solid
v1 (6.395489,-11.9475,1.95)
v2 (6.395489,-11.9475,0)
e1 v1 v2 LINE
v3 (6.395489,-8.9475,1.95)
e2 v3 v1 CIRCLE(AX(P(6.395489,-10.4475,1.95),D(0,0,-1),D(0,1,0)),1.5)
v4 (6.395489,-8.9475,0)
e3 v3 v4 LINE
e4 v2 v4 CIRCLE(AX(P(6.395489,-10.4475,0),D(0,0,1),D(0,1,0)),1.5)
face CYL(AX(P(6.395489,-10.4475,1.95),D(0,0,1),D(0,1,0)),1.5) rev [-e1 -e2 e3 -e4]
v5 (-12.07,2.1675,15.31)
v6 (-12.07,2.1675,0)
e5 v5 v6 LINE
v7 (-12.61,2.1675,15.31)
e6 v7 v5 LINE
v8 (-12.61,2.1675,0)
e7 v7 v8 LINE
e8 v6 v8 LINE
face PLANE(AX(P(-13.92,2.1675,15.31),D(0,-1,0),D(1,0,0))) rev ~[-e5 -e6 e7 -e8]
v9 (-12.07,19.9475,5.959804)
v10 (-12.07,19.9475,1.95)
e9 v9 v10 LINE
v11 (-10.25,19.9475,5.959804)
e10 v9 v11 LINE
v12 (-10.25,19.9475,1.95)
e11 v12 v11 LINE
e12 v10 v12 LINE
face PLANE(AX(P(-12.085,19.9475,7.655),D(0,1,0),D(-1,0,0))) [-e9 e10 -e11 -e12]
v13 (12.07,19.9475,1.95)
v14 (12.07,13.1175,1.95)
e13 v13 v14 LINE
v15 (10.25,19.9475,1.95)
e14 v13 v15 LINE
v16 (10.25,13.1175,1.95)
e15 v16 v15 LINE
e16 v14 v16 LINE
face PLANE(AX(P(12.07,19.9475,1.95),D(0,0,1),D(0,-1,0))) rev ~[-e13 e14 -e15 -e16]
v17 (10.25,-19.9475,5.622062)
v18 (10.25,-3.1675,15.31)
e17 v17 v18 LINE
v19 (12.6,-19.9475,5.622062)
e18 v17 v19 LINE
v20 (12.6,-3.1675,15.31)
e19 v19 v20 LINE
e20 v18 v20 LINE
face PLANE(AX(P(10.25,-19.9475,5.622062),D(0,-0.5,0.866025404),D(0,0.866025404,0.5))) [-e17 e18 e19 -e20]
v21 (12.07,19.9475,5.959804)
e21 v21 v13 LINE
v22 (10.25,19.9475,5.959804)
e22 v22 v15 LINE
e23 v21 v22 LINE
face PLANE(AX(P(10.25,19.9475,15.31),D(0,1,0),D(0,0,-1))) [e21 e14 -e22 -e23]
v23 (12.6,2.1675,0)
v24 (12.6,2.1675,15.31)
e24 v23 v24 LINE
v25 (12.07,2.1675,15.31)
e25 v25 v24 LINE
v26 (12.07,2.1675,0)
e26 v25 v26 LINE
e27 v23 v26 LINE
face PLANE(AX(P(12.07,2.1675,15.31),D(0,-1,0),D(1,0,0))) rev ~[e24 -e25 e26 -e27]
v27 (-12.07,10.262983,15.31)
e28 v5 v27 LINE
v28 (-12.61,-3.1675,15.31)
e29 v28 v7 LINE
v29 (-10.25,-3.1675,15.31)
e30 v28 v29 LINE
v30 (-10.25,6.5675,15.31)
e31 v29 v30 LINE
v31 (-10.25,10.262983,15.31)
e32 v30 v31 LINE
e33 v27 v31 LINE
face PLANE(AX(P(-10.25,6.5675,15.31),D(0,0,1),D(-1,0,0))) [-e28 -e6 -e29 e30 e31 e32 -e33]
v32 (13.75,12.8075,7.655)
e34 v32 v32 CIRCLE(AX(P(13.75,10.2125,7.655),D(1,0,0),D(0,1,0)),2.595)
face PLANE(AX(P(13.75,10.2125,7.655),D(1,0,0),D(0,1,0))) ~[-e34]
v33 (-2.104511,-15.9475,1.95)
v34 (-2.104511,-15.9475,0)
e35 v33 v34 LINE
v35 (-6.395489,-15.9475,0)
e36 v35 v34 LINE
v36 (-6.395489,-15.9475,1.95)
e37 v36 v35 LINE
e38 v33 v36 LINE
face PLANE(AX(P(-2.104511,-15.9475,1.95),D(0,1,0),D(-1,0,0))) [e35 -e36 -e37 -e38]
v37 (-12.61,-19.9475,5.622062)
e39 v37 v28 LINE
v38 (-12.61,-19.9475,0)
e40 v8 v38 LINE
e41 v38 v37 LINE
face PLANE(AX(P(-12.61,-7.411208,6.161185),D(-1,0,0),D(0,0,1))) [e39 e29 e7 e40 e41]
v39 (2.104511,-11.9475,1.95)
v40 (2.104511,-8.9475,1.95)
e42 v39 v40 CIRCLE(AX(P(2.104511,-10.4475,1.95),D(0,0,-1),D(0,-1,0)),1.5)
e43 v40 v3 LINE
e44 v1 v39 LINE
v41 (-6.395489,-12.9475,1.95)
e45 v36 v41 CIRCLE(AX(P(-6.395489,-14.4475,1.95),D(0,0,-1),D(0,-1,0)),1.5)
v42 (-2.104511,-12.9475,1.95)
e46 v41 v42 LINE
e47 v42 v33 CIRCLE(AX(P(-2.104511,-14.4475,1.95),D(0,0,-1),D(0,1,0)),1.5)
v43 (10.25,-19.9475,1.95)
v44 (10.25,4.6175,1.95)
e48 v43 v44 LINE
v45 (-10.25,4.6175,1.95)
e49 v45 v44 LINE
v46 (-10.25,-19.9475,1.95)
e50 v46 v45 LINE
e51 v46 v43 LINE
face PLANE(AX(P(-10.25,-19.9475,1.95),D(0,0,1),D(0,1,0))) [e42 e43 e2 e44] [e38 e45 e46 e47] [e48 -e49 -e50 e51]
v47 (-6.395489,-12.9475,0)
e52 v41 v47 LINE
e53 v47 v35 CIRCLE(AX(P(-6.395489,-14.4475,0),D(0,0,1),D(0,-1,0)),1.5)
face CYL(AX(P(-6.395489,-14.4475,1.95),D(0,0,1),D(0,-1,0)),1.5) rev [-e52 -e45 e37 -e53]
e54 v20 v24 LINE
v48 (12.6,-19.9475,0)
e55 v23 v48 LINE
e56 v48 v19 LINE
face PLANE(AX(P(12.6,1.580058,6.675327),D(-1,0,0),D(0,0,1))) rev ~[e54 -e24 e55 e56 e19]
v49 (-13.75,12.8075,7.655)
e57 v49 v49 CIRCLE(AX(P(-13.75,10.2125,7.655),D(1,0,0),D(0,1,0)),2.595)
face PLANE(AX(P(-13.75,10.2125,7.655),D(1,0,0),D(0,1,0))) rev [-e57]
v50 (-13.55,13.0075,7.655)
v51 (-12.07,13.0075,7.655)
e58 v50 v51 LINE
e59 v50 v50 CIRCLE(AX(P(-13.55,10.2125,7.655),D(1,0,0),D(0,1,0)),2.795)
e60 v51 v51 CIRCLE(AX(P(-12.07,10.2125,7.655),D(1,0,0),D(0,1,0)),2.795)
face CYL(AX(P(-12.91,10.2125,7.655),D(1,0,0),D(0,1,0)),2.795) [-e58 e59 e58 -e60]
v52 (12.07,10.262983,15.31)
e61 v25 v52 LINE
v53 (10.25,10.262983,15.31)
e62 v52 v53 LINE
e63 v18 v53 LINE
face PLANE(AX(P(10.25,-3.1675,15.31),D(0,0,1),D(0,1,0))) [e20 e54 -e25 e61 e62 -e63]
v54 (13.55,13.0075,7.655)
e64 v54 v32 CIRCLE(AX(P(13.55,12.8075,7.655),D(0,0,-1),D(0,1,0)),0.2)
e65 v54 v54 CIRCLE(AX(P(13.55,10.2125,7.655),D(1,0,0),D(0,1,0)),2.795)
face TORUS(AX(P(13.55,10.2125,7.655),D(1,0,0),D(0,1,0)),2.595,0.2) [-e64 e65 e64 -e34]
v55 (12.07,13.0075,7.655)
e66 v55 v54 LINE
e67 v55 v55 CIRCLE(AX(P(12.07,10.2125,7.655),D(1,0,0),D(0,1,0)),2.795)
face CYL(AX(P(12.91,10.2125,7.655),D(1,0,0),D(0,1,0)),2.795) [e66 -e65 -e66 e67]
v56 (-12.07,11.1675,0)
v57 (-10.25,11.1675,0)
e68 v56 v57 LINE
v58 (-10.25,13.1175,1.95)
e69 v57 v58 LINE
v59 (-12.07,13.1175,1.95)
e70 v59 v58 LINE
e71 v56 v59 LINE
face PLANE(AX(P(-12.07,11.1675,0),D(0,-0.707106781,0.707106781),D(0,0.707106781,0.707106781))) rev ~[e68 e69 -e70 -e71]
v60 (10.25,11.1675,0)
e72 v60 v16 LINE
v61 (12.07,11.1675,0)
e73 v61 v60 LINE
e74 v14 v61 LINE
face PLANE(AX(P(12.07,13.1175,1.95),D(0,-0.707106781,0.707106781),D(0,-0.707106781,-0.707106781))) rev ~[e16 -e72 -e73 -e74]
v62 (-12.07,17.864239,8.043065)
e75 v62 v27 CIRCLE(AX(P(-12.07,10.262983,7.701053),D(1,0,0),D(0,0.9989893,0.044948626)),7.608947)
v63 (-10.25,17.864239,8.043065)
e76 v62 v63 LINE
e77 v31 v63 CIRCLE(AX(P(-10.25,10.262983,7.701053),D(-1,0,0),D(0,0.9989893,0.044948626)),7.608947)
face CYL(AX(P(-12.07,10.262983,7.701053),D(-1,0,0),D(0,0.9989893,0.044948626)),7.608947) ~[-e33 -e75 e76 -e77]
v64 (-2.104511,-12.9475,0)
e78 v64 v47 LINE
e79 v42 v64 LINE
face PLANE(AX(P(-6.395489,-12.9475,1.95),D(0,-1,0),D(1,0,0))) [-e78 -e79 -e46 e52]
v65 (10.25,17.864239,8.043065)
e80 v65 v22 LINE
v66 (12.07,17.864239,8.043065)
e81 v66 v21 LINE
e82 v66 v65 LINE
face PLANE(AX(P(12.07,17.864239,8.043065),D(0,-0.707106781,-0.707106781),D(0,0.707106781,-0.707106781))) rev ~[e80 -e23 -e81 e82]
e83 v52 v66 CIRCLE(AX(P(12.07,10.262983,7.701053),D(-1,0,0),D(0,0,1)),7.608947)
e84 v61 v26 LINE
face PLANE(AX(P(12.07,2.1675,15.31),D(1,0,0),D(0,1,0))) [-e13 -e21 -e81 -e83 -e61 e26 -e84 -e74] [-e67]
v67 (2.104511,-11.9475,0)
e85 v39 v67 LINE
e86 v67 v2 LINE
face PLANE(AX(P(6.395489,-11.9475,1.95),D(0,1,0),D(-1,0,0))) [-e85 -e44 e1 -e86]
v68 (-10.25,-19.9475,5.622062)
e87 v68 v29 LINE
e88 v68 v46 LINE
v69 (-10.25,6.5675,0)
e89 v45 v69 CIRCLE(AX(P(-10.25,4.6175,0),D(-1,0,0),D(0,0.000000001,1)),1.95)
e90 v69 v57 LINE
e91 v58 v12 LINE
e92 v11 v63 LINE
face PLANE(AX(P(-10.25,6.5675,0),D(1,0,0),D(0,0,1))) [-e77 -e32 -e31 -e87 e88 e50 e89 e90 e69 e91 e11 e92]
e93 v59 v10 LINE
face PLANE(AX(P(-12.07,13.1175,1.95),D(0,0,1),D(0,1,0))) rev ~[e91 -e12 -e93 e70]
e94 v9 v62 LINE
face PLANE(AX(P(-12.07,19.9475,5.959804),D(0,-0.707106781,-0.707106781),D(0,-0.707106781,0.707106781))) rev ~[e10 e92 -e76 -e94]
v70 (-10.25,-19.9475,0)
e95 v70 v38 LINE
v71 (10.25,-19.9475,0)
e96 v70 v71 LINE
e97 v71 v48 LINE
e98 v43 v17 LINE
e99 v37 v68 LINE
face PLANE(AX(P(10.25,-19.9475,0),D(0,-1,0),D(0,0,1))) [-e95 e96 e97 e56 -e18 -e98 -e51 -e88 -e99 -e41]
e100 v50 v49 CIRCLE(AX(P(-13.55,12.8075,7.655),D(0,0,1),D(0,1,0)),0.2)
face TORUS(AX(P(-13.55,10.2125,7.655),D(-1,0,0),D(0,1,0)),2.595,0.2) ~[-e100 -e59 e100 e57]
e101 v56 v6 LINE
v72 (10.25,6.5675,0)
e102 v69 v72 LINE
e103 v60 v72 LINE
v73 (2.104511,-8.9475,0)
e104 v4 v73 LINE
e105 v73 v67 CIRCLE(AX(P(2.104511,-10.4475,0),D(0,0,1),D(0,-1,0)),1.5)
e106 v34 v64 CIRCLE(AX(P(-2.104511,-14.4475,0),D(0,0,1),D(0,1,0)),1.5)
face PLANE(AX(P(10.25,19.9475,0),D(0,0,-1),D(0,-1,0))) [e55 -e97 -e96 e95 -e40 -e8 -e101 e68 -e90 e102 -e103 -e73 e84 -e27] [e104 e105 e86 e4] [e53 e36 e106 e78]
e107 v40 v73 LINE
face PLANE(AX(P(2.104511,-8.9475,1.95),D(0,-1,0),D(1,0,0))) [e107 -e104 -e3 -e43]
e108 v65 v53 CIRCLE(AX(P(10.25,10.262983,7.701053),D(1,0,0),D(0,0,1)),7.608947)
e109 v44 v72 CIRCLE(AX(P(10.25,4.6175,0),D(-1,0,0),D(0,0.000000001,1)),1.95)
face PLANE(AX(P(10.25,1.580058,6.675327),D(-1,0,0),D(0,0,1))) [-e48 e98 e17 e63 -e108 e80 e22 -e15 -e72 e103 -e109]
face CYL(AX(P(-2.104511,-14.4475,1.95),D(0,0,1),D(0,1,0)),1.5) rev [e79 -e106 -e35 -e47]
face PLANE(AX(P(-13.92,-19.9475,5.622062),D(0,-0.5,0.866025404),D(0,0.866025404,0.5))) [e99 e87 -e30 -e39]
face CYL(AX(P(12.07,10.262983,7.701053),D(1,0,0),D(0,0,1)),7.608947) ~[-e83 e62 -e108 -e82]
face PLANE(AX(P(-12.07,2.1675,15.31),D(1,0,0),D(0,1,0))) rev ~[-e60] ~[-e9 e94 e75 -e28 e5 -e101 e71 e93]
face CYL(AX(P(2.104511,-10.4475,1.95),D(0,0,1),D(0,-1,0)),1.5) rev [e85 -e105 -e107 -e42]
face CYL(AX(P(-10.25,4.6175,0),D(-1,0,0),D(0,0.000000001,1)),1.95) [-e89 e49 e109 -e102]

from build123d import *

# Parameters (mm, degrees)
BOSS_EXTRUDE1_DEPTH = 3.67
SKETCH2_W           = 3.67
SKETCH2_H           = 9.687937517
BOSS_EXTRUDE2_DEPTH = 9.735
SKETCH3_W           = 3.67
SKETCH3_H           = 26.515
BOSS_EXTRUDE3_DEPTH = 5.622062483
BOSS_EXTRUDE4_DEPTH = 20.5
SKETCH5_W           = 3.67
SKETCH5_H           = 15.31
BOSS_EXTRUDE5_DEPTH = 13.38
BOSS_EXTRUDE6_DEPTH = 2.35
SKETCH7_W           = 1.85
SKETCH7_H           = 17.78
CUT_EXTRUDE1_DEPTH  = 16.310000003
CUT_EXTRUDE2_REACH  = 27.99
SKETCH9_W           = 1.85
SKETCH9_H           = 17.78
CUT_EXTRUDE3_DEPTH  = 16.310000003
CUT_EXTRUDE4_REACH  = 26.67
CUT_EXTRUDE5_REACH  = 26.67
CUT_EXTRUDE6_DEPTH  = 26.99
CUT_EXTRUDE7_DEPTH  = 2.95
SKETCH15_W          = 1.68
SKETCH15_H          = 2.795
SKETCH16_W          = 1.68
SKETCH16_H          = 2.795
FILLET1_R           = 0.2
CUT_EXTRUDE8_DEPTH  = 1.31


with BuildPart() as part:
    # Sketch1 → Boss-Extrude1 (new body)
    with BuildSketch(Plane(origin=(-13.92, 0, 0), x_dir=(0, -1, 0), z_dir=(-1, 0, 0))):
        Polygon((19.9475, 5.622062483), (3.1675, 15.31), (3.1675, 5.622062483), align=None)
    extrude(amount=-BOSS_EXTRUDE1_DEPTH)

    # Sketch2 → Boss-Extrude2 (add)
    with BuildSketch(Plane(origin=(0, -3.1675, 0), x_dir=(-1, 0, 0), z_dir=(0, 1, 0))):
        with Locations((12.085, 10.466031242)):
            Rectangle(SKETCH2_W, SKETCH2_H)
    extrude(amount=BOSS_EXTRUDE2_DEPTH)

    # Sketch3 → Boss-Extrude3 (add)
    with BuildSketch(Plane(origin=(0, 0, 5.622062483), x_dir=(-1, 0, 0), z_dir=(0, 0, -1))):
        with Locations((12.085, -6.69)):
            Rectangle(SKETCH3_W, SKETCH3_H)
    extrude(amount=BOSS_EXTRUDE3_DEPTH)

    # Sketch4 → Boss-Extrude4 (add)
    with BuildSketch(Plane(origin=(-10.25, 0, 0), x_dir=(0, 0, -1), z_dir=(1, 0, 0))):
        with BuildLine():
            Line((3e-09, -19.9475), (-1.949999997, -19.9475))
            Line((-1.949999997, -19.9475), (-1.949999997, 4.6175))
            ThreePointArc((-1.949999997, 4.6175), (-1.37885822, 5.996358223), (3e-09, 6.5675))
            Line((3e-09, 6.5675), (3e-09, -19.9475))
        make_face()
    extrude(amount=BOSS_EXTRUDE4_DEPTH)

    # Sketch5 → Boss-Extrude5 (add)
    with BuildSketch(Plane(origin=(0, 6.5675, 0), x_dir=(-1, 0, 0), z_dir=(0, 1, 0))):
        with Locations((12.085, 7.655)):
            Rectangle(SKETCH5_W, SKETCH5_H)
    extrude(amount=BOSS_EXTRUDE5_DEPTH)

    # Sketch6 → Boss-Extrude6 (add)
    with BuildSketch(Plane(origin=(10.25, 0, 0), x_dir=(0, 0, -1), z_dir=(1, 0, 0))):
        Polygon((-15.31, -3.1675), (-15.31, 19.9475), (2e-09, 19.9475), (2e-09, -19.947499999), (-5.622062484, -19.947499999), align=None)
    extrude(amount=BOSS_EXTRUDE6_DEPTH)

    # Sketch7 → Cut-Extrude1 (cut, through all)
    with BuildSketch(Plane.XY.offset(15.31)):
        with Locations((12.995, 11.0575)):
            Rectangle(SKETCH7_W, SKETCH7_H)
    extrude(amount=-CUT_EXTRUDE1_DEPTH, mode=Mode.SUBTRACT)

    # Sketch8 → Cut-Extrude2 (cut, up to next)
    with BuildSketch(Plane(origin=(12.07, 0, 0), x_dir=(0, 0, -1), z_dir=(1, 0, 0)), mode=Mode.PRIVATE) as cut_extrude2_sk1:
        with BuildLine():
            Line((-8.04306505, 17.864239052), (-5.959804102, 19.9475))
            Line((-5.959804102, 19.9475), (-15.31, 19.9475))
            Line((-15.31, 19.9475), (-15.31, 10.26298277))
            ThreePointArc((-15.31, 10.26298277), (-13.200981436, 15.521010933), (-8.04306505, 17.864239052))
        make_face()
    cut_extrude2_tool1 = extrude(cut_extrude2_sk1.sketch, amount=-CUT_EXTRUDE2_REACH, mode=Mode.PRIVATE) & part.part
    add(cut_extrude2_tool1.solids().sort_by_distance((12.07, 17.788809, 12.169828))[0], mode=Mode.SUBTRACT)

    # Sketch9 → Cut-Extrude3 (cut, through all)
    with BuildSketch(Plane.XY.offset(15.31)):
        with Locations((-12.995, 11.0575)):
            Rectangle(SKETCH9_W, SKETCH9_H)
    extrude(amount=-CUT_EXTRUDE3_DEPTH, mode=Mode.SUBTRACT)

    # Sketch10 → Cut-Extrude4 (cut, up to next)
    with BuildSketch(Plane.ZY.offset(12.07), mode=Mode.PRIVATE) as cut_extrude4_sk1:
        Polygon((1.95, 13.1175), (1.95, 19.9475), (0, 19.9475), (0, 11.1675), align=None)
    cut_extrude4_tool1 = extrude(cut_extrude4_sk1.sketch, amount=-CUT_EXTRUDE4_REACH, mode=Mode.PRIVATE) & part.part
    add(cut_extrude4_tool1.solids().sort_by_distance((-12.07, 16.024701, 0.934401))[0], mode=Mode.SUBTRACT)

    # Sketch11 → Cut-Extrude5 (cut, up to next)
    with BuildSketch(Plane.ZY.offset(12.07), mode=Mode.PRIVATE) as cut_extrude5_sk1:
        with BuildLine():
            Line((5.959804102, 19.9475), (8.04306505, 17.864239052))
            ThreePointArc((8.04306505, 17.864239052), (13.200981436, 15.521010933), (15.31, 10.26298277))
            Line((15.31, 10.26298277), (15.31, 19.9475))
            Line((15.31, 19.9475), (5.959804102, 19.9475))
        make_face()
    cut_extrude5_tool1 = extrude(cut_extrude5_sk1.sketch, amount=-CUT_EXTRUDE5_REACH, mode=Mode.PRIVATE) & part.part
    add(cut_extrude5_tool1.solids().sort_by_distance((-12.07, 17.788809, 12.169828))[0], mode=Mode.SUBTRACT)

    # Sketch12 → Cut-Extrude6 (cut, through all)
    with BuildSketch(Plane(origin=(12.07, 0, 0), x_dir=(0, 0, -1), z_dir=(1, 0, 0))):
        Polygon((-1.95, 19.9475), (-1.95, 13.1175), (0, 11.1675), (0, 19.9475), align=None)
    extrude(amount=-CUT_EXTRUDE6_DEPTH, mode=Mode.SUBTRACT)

    # Sketch13 → Cut-Extrude7 (cut, through all)
    with BuildSketch(Plane.XY.offset(1.949999997)):
        with BuildLine():
            Line((-6.395488685, -12.9475), (-2.104511315, -12.9475))
            ThreePointArc((-2.104511315, -12.9475), (-0.604511315, -14.4475), (-2.104511315, -15.9475))
            Line((-2.104511315, -15.9475), (-6.395488685, -15.9475))
            ThreePointArc((-6.395488685, -15.9475), (-7.895488685, -14.4475), (-6.395488685, -12.9475))
        make_face()
        with BuildLine():
            Line((2.104511315, -8.947499999), (6.395488685, -8.947499999))
            ThreePointArc((6.395488685, -8.947499999), (7.895488685, -10.447499999), (6.395488685, -11.947499999))
            Line((6.395488685, -11.947499999), (2.104511315, -11.947499999))
            ThreePointArc((2.104511315, -11.947499999), (0.604511315, -10.447499999), (2.104511315, -8.947499999))
        make_face()
    extrude(amount=-CUT_EXTRUDE7_DEPTH, mode=Mode.SUBTRACT)

    # Sketch15 → Revolve1 (revolve)
    with BuildSketch(Plane.XY.offset(7.655)):
        with Locations((12.91, 11.61)):
            Rectangle(SKETCH15_W, SKETCH15_H)
    revolve(axis=Axis((12.07, 10.2125, 7.655), (1, 0, 0)))

    # Sketch16 → Revolve2 (revolve)
    with BuildSketch(Plane.XY.offset(7.655)):
        with Locations((-12.91, 11.61)):
            Rectangle(SKETCH16_W, SKETCH16_H)
    revolve(axis=Axis((-13.75, 10.2125, 7.655), (1, 0, 0)))

    # Fillet1
    fillet1_edges = [part.edges().sort_by_distance(p)[0] for p in [
        (13.75, 7.4175, 7.655),
        (-13.75, 7.4175, 7.655),
    ]]
    fillet(fillet1_edges, radius=FILLET1_R)

    # Sketch17 → Cut-Extrude8 (cut)
    with BuildSketch(Plane(origin=(-13.92, -19.9475, 5.622062483), x_dir=(0, 0, 1), z_dir=(-1, 0, 0))):
        Polygon((9.687937517, 22.115), (-5.622062486, 22.115), (-5.622062483, 0), (0, 0), (9.687937517, 16.78), align=None)
    extrude(amount=-CUT_EXTRUDE8_DEPTH, mode=Mode.SUBTRACT)


solid = part.part
